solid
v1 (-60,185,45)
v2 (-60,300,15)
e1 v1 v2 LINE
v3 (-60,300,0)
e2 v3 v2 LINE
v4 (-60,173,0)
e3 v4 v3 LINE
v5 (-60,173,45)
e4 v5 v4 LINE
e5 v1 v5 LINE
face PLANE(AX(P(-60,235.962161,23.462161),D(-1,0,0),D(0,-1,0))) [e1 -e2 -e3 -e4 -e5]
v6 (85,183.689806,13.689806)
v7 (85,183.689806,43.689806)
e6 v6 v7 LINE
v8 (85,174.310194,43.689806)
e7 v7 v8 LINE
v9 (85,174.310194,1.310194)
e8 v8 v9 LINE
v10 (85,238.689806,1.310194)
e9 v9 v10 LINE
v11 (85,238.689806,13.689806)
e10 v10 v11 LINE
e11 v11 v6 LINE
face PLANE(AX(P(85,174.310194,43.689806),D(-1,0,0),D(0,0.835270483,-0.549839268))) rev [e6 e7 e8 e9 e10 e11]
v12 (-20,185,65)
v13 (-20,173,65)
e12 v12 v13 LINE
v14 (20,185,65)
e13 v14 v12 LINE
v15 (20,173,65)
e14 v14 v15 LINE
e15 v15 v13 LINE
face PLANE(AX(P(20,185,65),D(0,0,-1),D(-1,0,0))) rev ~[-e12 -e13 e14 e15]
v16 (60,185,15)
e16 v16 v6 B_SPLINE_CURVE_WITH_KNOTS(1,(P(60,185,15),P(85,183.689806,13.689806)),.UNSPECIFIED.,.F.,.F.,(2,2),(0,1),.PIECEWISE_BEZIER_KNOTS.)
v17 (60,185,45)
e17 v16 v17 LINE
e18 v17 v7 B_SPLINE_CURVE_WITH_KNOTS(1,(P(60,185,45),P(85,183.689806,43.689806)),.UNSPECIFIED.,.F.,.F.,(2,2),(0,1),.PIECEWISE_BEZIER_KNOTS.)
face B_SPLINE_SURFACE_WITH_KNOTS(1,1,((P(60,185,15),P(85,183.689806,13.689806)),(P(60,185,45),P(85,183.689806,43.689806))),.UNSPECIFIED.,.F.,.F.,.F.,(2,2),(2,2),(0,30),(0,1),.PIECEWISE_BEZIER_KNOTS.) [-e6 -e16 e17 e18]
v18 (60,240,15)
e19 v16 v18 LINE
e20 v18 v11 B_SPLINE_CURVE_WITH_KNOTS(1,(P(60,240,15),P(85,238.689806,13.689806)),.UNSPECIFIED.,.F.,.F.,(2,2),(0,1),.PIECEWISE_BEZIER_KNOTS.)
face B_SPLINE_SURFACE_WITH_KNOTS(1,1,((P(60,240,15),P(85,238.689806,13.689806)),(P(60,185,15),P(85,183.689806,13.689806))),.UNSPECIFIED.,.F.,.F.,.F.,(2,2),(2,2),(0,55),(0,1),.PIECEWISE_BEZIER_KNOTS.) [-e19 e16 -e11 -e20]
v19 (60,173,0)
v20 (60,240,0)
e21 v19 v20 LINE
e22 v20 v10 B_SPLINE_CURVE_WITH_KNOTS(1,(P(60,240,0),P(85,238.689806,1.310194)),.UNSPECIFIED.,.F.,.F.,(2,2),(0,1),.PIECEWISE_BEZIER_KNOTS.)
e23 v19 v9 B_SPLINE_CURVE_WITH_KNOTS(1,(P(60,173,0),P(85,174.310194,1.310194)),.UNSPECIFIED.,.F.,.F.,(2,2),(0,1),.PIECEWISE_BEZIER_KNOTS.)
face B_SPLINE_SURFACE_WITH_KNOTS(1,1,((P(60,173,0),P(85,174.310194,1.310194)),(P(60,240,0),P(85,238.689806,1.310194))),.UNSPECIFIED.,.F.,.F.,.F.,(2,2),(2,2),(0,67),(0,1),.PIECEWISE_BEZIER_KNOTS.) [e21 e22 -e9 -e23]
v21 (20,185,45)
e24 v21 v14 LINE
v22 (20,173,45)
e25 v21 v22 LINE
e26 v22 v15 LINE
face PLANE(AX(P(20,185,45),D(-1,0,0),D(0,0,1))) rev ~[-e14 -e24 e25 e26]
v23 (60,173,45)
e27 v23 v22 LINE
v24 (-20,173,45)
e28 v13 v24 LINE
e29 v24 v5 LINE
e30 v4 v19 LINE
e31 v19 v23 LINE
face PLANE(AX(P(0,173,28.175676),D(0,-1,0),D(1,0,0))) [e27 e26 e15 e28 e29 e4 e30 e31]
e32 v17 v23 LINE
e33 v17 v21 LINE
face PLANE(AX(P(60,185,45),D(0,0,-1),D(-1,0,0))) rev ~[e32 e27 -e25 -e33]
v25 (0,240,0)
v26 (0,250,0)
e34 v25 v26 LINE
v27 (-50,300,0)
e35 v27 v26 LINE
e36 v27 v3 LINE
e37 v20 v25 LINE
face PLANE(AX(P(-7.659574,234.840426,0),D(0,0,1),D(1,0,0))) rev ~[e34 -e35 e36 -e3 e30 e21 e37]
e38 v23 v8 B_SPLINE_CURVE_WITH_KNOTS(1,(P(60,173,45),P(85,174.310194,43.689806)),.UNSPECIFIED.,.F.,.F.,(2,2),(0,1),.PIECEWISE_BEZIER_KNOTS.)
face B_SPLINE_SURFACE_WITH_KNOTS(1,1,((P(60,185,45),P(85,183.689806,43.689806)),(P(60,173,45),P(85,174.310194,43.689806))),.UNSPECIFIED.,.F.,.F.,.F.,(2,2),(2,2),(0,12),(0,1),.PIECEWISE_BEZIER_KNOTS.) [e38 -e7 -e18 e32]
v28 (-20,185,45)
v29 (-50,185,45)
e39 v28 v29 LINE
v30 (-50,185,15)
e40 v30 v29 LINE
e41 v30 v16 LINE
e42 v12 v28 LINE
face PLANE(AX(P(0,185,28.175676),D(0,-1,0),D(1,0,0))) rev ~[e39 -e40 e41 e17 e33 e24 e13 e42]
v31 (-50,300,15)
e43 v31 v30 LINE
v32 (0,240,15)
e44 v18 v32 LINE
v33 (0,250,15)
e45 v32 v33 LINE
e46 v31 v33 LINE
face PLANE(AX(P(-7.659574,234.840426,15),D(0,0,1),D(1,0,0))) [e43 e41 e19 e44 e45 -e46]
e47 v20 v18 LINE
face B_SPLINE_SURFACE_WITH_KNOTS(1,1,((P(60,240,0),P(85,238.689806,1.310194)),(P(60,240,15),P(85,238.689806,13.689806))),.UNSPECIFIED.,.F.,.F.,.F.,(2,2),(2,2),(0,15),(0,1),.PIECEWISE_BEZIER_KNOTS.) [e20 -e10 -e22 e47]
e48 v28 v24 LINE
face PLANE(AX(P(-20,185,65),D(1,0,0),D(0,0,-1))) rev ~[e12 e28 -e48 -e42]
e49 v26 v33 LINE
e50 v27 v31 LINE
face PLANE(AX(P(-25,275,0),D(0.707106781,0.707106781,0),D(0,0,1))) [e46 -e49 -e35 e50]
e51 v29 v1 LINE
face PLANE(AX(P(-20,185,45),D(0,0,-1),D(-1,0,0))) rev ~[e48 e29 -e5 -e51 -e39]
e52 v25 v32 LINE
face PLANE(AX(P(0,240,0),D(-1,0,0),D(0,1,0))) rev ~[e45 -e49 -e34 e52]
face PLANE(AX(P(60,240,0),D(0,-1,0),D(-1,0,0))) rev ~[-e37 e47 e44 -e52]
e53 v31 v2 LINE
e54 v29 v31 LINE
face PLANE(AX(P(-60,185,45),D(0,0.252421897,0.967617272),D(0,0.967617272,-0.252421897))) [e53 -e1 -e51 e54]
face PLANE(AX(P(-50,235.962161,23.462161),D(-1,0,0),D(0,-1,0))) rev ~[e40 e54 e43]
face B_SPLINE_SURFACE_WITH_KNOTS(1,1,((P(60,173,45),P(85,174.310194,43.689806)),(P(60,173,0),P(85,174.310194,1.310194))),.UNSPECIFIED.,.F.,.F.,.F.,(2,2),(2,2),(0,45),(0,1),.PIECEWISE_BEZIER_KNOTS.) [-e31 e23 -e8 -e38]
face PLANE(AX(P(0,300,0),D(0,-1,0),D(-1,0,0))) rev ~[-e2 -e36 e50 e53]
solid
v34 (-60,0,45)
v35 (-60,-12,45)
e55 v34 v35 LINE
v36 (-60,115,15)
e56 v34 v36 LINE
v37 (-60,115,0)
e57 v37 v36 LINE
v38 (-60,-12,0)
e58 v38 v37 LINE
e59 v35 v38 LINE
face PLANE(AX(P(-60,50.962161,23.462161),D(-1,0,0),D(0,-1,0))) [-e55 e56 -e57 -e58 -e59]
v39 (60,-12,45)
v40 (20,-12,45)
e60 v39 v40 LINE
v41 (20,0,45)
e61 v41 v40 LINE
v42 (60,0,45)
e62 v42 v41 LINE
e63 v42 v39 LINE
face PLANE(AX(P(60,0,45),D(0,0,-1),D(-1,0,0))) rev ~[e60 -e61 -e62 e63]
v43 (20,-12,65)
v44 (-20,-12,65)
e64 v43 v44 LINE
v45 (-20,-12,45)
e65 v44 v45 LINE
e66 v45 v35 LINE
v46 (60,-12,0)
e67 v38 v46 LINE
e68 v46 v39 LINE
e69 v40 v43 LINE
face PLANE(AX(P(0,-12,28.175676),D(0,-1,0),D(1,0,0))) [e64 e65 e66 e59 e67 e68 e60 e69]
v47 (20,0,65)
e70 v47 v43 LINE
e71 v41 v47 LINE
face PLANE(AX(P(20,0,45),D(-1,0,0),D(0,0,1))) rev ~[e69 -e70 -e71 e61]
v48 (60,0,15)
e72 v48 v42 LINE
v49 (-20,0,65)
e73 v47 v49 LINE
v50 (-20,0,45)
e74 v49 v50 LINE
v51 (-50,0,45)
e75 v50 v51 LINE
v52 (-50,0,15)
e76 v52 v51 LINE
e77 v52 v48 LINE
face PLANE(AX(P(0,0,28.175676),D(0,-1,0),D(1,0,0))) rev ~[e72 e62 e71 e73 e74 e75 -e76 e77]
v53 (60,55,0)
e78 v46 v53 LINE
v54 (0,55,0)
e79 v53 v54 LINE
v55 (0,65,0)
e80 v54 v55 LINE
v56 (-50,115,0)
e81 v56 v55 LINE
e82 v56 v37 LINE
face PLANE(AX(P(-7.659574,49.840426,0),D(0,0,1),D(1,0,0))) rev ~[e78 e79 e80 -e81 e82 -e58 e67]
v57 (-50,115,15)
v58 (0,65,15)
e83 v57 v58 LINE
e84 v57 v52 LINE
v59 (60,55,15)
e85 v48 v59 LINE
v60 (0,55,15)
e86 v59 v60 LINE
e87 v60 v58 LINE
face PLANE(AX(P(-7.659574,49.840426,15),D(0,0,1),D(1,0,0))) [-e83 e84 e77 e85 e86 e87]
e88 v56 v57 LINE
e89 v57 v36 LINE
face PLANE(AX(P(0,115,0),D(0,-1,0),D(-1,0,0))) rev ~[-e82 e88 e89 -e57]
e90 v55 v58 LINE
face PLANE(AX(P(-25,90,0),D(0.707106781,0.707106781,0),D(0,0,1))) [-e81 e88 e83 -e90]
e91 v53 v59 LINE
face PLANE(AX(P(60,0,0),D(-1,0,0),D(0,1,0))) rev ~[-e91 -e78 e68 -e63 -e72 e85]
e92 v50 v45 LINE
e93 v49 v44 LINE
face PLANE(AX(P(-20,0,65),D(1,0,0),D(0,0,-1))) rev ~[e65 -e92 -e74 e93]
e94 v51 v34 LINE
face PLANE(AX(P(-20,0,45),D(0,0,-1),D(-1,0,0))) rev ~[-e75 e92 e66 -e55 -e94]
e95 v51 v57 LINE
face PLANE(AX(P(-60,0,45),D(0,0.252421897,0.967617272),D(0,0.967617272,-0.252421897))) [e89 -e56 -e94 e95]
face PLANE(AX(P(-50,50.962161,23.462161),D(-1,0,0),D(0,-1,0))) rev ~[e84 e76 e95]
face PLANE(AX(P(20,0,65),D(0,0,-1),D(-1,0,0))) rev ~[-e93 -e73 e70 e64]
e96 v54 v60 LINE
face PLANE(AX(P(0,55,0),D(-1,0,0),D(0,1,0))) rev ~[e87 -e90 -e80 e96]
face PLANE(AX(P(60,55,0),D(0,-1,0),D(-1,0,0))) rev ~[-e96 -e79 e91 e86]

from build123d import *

# Parameters (mm, degrees)
F1_DEPTH = 12
F3_DEPTH = 15
F5_DEPTH = 10
F6_SIZE  = 50
F8_DEPTH = 25
F8_TAPER = 3


with BuildPart() as f1:
    # F0 (on Front) → F1 (new body)
    with BuildSketch(Plane.XZ):
        Polygon((-60, 0), (0, 0), (60, 0), (60, 45), (20, 45), (20, 65), (-20, 65), (-20, 45), (-60, 45), align=None)
    extrude(amount=F1_DEPTH)

    # F2 (on Top) → F3 (join)
    with BuildSketch(Plane.XY):
        Polygon((-60, 0), (0, 0), (60, 0), (60, 55), (0, 55), (0, 115), (-60, 115), align=None)
    extrude(amount=F3_DEPTH)

    # F4 (on face) → F5 (join)
    with BuildSketch(Plane(origin=(-60, 0, 0), x_dir=(0, -1, 0), z_dir=(-1, 0, 0))):
        Polygon((0, 45), (-115, 15), (0, 15), align=None)
    extrude(amount=-F5_DEPTH)

    # F6
    f6_edges = [f1.edges().sort_by_distance(p)[0] for p in [
        (0, 115, 7.5),
    ]]
    chamfer(f6_edges, length=F6_SIZE)


with BuildPart() as f7_1:
    # F7: copy of F1
    add(f1.part.moved(Location((0, 185, 0))))

    # F7_face (on face) → F8 (join)
    with BuildSketch(Plane(origin=(60, 199.2472527473, 13.4340659341), x_dir=(0, 1, 0), z_dir=(1, 0, 0))):
        Polygon((-26.2472527473, 31.5659340659), (-26.2472527473, -13.4340659341), (40.7527472527, -13.4340659341), (40.7527472527, 1.5659340659), (-14.2472527473, 1.5659340659), (-14.2472527473, 31.5659340659), align=None)
    extrude(amount=F8_DEPTH, taper=F8_TAPER)


solid = Compound([f1.part, f7_1.part])
